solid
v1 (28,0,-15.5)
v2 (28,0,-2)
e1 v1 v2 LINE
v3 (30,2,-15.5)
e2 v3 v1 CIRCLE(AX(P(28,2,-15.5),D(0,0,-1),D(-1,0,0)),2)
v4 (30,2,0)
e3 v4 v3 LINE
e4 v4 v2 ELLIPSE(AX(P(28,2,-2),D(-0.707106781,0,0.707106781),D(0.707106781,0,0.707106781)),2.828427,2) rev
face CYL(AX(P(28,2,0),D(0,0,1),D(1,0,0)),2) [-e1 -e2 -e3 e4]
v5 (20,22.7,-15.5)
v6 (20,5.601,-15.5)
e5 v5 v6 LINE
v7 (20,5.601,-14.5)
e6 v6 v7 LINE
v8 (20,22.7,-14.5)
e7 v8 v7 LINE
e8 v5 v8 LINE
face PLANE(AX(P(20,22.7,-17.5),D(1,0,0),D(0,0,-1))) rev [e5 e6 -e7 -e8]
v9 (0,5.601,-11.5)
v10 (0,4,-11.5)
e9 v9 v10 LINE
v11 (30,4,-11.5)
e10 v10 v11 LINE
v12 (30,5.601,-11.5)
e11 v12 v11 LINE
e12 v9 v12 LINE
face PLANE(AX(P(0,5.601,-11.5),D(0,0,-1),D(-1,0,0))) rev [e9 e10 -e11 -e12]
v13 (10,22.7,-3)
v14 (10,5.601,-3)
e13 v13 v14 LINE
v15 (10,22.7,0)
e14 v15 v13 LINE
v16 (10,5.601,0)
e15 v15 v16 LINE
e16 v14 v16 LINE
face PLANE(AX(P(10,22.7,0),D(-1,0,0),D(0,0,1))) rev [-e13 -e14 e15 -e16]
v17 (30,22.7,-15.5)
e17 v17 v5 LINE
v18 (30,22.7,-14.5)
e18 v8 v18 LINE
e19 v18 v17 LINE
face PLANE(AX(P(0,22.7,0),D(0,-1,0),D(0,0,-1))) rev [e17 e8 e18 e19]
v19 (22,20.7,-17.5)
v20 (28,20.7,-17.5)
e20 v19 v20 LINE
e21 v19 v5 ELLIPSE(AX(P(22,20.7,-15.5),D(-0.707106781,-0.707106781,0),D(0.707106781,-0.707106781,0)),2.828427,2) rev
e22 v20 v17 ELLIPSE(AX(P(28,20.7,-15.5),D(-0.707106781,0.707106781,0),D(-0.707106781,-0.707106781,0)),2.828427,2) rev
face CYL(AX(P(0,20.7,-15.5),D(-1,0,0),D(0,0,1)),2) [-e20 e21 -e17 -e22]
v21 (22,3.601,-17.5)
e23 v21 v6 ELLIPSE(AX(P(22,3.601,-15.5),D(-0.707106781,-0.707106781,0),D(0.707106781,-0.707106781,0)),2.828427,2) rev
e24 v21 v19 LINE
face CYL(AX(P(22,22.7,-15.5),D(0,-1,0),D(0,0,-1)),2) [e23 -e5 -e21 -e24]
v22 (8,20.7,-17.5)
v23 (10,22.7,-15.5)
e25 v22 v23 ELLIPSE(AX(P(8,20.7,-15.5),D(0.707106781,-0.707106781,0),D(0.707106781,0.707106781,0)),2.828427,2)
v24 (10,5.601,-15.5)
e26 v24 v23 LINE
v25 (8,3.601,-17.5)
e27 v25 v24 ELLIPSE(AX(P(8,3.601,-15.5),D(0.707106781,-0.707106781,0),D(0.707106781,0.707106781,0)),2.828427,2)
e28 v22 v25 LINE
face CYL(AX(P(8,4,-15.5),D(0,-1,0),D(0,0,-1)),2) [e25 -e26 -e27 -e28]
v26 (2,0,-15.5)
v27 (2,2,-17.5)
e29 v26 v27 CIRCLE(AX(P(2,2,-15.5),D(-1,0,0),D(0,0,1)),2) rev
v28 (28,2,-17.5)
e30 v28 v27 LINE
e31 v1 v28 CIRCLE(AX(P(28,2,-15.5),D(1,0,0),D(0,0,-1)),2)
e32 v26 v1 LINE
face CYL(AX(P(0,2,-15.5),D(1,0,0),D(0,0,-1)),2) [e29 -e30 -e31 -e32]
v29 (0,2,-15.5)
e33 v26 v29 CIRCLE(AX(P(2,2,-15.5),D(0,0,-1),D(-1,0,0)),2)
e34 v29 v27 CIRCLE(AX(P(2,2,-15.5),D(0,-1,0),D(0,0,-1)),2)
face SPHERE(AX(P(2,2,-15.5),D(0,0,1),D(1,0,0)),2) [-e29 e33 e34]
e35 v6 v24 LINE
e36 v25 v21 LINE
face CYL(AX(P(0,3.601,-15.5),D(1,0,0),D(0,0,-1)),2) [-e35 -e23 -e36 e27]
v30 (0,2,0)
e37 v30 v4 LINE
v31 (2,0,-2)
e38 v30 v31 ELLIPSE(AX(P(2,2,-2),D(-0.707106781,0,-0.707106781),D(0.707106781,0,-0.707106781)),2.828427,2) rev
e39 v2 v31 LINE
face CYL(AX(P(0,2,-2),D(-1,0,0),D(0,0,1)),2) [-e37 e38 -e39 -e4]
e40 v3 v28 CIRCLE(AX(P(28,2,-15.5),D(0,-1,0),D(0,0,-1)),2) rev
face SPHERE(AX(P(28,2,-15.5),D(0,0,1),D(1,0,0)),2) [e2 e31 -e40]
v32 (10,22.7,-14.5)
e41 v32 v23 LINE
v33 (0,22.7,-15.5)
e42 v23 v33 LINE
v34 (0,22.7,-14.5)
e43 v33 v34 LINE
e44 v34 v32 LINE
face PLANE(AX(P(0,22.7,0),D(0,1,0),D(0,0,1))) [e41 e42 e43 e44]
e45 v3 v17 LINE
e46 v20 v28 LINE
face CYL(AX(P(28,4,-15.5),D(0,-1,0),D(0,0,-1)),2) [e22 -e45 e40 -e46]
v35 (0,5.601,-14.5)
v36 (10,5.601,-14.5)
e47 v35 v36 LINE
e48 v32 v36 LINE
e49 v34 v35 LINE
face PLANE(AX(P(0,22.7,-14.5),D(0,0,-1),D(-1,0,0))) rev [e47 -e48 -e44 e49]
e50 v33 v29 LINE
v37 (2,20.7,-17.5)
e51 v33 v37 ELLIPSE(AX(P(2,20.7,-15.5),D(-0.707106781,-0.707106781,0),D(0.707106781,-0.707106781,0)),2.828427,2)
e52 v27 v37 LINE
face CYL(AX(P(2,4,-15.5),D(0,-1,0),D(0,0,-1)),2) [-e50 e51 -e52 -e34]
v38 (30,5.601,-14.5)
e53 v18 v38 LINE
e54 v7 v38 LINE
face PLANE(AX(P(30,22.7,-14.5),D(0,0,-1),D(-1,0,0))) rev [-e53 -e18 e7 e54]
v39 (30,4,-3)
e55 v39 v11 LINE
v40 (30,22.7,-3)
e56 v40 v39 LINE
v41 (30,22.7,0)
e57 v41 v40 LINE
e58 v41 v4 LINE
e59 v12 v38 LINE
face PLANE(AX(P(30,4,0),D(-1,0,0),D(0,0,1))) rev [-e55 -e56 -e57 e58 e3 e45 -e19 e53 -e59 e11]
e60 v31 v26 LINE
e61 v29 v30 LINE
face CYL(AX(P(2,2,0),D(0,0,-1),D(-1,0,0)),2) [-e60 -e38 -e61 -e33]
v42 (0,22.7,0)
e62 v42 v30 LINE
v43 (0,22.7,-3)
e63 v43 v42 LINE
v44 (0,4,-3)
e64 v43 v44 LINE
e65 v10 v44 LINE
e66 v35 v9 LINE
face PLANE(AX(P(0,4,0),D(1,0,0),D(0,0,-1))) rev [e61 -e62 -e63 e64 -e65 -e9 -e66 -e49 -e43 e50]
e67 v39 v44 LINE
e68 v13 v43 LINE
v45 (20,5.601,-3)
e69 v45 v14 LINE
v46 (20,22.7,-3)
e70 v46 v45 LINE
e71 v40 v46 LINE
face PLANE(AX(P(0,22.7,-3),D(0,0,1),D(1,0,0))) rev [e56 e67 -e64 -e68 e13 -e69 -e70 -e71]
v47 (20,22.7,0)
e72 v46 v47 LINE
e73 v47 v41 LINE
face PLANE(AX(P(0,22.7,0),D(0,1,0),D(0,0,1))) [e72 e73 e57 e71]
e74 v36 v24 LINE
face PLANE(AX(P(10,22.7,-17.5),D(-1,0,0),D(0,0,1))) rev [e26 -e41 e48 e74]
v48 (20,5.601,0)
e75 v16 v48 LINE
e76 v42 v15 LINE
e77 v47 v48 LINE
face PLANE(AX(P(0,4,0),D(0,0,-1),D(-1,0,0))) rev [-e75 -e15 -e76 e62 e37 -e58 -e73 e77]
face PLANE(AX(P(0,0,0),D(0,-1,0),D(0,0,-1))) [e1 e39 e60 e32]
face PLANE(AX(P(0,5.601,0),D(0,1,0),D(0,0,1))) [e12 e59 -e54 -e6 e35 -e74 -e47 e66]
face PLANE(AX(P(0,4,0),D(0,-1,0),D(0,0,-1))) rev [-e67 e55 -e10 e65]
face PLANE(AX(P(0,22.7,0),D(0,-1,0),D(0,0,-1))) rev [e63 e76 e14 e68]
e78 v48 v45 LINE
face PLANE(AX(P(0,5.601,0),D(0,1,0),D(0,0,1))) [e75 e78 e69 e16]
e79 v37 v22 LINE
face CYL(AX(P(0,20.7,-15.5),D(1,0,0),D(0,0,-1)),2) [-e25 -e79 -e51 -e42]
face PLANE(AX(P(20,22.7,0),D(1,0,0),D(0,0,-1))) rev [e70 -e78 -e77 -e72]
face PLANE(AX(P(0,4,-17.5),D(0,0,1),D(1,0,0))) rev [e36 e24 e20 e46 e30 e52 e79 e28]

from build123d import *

# Parameters (mm, degrees)
SKETCH1_W           = 30
SKETCH1_H           = 17.5
BOSS_EXTRUDE1_DEPTH = 4
SKETCH2_W           = 30
SKETCH2_H           = 6
BOSS_EXTRUDE2_DEPTH = 1.601
SKETCH3_W           = 10
SKETCH3_H           = 3
BOSS_EXTRUDE3_DEPTH = 18.7
SKETCH4_W           = 10
SKETCH4_H           = 3
BOSS_EXTRUDE4_DEPTH = 17.099
SKETCH5_W           = 10
SKETCH5_H           = 3
BOSS_EXTRUDE5_DEPTH = 1.601
FILLET1_R           = 2


with BuildPart() as part:
    # Sketch1 → Boss-Extrude1 (new body)
    with BuildSketch(Plane(origin=(0, 0, 0), x_dir=(1, 0, 0), z_dir=(0, 1, 0))):
        with Locations((15, 8.75)):
            Rectangle(SKETCH1_W, SKETCH1_H)
    extrude(amount=BOSS_EXTRUDE1_DEPTH)

    # Sketch2 → Boss-Extrude2 (add)
    with BuildSketch(Plane(origin=(0, 4, 0), x_dir=(1, 0, 0), z_dir=(0, 1, 0))):
        with Locations((15, 14.5)):
            Rectangle(SKETCH2_W, SKETCH2_H)
    extrude(amount=BOSS_EXTRUDE2_DEPTH)

    # Sketch3 → Boss-Extrude3 (add)
    with BuildSketch(Plane(origin=(0, 4, 0), x_dir=(1, 0, 0), z_dir=(0, 1, 0))):
        with Locations((5, 1.5)):
            Rectangle(SKETCH3_W, SKETCH3_H)
        with Locations((25, 1.5)):
            Rectangle(SKETCH3_W, SKETCH3_H)
    extrude(amount=BOSS_EXTRUDE3_DEPTH)

    # Sketch4 → Boss-Extrude4 (add)
    with BuildSketch(Plane(origin=(0, 5.601, 0), x_dir=(1, 0, 0), z_dir=(0, 1, 0))):
        with Locations((5, 16)):
            Rectangle(SKETCH4_W, SKETCH4_H)
        with Locations((25, 16)):
            Rectangle(SKETCH4_W, SKETCH4_H)
    extrude(amount=BOSS_EXTRUDE4_DEPTH)

    # Sketch5 → Boss-Extrude5 (add)
    with BuildSketch(Plane(origin=(0, 4, 0), x_dir=(1, 0, 0), z_dir=(0, 1, 0))):
        with Locations((15, 1.5)):
            Rectangle(SKETCH5_W, SKETCH5_H)
    extrude(amount=BOSS_EXTRUDE5_DEPTH)

    # Fillet1
    fillet1_edges = [part.edges().sort_by_distance(p)[0] for p in [
        (15, 0, -17.5),
        (30, 0, -8.75),
        (15, 0, 0),
        (10, 14.1505, -17.5),
        (5, 22.7, -17.5),
        (0, 0, -8.75),
        (15, 5.601, -17.5),
        (20, 14.1505, -17.5),
        (25, 22.7, -17.5),
        (0, 11.35, -17.5),
        (30, 11.35, -17.5),
    ]]
    fillet(fillet1_edges, radius=FILLET1_R)


solid = part.part
